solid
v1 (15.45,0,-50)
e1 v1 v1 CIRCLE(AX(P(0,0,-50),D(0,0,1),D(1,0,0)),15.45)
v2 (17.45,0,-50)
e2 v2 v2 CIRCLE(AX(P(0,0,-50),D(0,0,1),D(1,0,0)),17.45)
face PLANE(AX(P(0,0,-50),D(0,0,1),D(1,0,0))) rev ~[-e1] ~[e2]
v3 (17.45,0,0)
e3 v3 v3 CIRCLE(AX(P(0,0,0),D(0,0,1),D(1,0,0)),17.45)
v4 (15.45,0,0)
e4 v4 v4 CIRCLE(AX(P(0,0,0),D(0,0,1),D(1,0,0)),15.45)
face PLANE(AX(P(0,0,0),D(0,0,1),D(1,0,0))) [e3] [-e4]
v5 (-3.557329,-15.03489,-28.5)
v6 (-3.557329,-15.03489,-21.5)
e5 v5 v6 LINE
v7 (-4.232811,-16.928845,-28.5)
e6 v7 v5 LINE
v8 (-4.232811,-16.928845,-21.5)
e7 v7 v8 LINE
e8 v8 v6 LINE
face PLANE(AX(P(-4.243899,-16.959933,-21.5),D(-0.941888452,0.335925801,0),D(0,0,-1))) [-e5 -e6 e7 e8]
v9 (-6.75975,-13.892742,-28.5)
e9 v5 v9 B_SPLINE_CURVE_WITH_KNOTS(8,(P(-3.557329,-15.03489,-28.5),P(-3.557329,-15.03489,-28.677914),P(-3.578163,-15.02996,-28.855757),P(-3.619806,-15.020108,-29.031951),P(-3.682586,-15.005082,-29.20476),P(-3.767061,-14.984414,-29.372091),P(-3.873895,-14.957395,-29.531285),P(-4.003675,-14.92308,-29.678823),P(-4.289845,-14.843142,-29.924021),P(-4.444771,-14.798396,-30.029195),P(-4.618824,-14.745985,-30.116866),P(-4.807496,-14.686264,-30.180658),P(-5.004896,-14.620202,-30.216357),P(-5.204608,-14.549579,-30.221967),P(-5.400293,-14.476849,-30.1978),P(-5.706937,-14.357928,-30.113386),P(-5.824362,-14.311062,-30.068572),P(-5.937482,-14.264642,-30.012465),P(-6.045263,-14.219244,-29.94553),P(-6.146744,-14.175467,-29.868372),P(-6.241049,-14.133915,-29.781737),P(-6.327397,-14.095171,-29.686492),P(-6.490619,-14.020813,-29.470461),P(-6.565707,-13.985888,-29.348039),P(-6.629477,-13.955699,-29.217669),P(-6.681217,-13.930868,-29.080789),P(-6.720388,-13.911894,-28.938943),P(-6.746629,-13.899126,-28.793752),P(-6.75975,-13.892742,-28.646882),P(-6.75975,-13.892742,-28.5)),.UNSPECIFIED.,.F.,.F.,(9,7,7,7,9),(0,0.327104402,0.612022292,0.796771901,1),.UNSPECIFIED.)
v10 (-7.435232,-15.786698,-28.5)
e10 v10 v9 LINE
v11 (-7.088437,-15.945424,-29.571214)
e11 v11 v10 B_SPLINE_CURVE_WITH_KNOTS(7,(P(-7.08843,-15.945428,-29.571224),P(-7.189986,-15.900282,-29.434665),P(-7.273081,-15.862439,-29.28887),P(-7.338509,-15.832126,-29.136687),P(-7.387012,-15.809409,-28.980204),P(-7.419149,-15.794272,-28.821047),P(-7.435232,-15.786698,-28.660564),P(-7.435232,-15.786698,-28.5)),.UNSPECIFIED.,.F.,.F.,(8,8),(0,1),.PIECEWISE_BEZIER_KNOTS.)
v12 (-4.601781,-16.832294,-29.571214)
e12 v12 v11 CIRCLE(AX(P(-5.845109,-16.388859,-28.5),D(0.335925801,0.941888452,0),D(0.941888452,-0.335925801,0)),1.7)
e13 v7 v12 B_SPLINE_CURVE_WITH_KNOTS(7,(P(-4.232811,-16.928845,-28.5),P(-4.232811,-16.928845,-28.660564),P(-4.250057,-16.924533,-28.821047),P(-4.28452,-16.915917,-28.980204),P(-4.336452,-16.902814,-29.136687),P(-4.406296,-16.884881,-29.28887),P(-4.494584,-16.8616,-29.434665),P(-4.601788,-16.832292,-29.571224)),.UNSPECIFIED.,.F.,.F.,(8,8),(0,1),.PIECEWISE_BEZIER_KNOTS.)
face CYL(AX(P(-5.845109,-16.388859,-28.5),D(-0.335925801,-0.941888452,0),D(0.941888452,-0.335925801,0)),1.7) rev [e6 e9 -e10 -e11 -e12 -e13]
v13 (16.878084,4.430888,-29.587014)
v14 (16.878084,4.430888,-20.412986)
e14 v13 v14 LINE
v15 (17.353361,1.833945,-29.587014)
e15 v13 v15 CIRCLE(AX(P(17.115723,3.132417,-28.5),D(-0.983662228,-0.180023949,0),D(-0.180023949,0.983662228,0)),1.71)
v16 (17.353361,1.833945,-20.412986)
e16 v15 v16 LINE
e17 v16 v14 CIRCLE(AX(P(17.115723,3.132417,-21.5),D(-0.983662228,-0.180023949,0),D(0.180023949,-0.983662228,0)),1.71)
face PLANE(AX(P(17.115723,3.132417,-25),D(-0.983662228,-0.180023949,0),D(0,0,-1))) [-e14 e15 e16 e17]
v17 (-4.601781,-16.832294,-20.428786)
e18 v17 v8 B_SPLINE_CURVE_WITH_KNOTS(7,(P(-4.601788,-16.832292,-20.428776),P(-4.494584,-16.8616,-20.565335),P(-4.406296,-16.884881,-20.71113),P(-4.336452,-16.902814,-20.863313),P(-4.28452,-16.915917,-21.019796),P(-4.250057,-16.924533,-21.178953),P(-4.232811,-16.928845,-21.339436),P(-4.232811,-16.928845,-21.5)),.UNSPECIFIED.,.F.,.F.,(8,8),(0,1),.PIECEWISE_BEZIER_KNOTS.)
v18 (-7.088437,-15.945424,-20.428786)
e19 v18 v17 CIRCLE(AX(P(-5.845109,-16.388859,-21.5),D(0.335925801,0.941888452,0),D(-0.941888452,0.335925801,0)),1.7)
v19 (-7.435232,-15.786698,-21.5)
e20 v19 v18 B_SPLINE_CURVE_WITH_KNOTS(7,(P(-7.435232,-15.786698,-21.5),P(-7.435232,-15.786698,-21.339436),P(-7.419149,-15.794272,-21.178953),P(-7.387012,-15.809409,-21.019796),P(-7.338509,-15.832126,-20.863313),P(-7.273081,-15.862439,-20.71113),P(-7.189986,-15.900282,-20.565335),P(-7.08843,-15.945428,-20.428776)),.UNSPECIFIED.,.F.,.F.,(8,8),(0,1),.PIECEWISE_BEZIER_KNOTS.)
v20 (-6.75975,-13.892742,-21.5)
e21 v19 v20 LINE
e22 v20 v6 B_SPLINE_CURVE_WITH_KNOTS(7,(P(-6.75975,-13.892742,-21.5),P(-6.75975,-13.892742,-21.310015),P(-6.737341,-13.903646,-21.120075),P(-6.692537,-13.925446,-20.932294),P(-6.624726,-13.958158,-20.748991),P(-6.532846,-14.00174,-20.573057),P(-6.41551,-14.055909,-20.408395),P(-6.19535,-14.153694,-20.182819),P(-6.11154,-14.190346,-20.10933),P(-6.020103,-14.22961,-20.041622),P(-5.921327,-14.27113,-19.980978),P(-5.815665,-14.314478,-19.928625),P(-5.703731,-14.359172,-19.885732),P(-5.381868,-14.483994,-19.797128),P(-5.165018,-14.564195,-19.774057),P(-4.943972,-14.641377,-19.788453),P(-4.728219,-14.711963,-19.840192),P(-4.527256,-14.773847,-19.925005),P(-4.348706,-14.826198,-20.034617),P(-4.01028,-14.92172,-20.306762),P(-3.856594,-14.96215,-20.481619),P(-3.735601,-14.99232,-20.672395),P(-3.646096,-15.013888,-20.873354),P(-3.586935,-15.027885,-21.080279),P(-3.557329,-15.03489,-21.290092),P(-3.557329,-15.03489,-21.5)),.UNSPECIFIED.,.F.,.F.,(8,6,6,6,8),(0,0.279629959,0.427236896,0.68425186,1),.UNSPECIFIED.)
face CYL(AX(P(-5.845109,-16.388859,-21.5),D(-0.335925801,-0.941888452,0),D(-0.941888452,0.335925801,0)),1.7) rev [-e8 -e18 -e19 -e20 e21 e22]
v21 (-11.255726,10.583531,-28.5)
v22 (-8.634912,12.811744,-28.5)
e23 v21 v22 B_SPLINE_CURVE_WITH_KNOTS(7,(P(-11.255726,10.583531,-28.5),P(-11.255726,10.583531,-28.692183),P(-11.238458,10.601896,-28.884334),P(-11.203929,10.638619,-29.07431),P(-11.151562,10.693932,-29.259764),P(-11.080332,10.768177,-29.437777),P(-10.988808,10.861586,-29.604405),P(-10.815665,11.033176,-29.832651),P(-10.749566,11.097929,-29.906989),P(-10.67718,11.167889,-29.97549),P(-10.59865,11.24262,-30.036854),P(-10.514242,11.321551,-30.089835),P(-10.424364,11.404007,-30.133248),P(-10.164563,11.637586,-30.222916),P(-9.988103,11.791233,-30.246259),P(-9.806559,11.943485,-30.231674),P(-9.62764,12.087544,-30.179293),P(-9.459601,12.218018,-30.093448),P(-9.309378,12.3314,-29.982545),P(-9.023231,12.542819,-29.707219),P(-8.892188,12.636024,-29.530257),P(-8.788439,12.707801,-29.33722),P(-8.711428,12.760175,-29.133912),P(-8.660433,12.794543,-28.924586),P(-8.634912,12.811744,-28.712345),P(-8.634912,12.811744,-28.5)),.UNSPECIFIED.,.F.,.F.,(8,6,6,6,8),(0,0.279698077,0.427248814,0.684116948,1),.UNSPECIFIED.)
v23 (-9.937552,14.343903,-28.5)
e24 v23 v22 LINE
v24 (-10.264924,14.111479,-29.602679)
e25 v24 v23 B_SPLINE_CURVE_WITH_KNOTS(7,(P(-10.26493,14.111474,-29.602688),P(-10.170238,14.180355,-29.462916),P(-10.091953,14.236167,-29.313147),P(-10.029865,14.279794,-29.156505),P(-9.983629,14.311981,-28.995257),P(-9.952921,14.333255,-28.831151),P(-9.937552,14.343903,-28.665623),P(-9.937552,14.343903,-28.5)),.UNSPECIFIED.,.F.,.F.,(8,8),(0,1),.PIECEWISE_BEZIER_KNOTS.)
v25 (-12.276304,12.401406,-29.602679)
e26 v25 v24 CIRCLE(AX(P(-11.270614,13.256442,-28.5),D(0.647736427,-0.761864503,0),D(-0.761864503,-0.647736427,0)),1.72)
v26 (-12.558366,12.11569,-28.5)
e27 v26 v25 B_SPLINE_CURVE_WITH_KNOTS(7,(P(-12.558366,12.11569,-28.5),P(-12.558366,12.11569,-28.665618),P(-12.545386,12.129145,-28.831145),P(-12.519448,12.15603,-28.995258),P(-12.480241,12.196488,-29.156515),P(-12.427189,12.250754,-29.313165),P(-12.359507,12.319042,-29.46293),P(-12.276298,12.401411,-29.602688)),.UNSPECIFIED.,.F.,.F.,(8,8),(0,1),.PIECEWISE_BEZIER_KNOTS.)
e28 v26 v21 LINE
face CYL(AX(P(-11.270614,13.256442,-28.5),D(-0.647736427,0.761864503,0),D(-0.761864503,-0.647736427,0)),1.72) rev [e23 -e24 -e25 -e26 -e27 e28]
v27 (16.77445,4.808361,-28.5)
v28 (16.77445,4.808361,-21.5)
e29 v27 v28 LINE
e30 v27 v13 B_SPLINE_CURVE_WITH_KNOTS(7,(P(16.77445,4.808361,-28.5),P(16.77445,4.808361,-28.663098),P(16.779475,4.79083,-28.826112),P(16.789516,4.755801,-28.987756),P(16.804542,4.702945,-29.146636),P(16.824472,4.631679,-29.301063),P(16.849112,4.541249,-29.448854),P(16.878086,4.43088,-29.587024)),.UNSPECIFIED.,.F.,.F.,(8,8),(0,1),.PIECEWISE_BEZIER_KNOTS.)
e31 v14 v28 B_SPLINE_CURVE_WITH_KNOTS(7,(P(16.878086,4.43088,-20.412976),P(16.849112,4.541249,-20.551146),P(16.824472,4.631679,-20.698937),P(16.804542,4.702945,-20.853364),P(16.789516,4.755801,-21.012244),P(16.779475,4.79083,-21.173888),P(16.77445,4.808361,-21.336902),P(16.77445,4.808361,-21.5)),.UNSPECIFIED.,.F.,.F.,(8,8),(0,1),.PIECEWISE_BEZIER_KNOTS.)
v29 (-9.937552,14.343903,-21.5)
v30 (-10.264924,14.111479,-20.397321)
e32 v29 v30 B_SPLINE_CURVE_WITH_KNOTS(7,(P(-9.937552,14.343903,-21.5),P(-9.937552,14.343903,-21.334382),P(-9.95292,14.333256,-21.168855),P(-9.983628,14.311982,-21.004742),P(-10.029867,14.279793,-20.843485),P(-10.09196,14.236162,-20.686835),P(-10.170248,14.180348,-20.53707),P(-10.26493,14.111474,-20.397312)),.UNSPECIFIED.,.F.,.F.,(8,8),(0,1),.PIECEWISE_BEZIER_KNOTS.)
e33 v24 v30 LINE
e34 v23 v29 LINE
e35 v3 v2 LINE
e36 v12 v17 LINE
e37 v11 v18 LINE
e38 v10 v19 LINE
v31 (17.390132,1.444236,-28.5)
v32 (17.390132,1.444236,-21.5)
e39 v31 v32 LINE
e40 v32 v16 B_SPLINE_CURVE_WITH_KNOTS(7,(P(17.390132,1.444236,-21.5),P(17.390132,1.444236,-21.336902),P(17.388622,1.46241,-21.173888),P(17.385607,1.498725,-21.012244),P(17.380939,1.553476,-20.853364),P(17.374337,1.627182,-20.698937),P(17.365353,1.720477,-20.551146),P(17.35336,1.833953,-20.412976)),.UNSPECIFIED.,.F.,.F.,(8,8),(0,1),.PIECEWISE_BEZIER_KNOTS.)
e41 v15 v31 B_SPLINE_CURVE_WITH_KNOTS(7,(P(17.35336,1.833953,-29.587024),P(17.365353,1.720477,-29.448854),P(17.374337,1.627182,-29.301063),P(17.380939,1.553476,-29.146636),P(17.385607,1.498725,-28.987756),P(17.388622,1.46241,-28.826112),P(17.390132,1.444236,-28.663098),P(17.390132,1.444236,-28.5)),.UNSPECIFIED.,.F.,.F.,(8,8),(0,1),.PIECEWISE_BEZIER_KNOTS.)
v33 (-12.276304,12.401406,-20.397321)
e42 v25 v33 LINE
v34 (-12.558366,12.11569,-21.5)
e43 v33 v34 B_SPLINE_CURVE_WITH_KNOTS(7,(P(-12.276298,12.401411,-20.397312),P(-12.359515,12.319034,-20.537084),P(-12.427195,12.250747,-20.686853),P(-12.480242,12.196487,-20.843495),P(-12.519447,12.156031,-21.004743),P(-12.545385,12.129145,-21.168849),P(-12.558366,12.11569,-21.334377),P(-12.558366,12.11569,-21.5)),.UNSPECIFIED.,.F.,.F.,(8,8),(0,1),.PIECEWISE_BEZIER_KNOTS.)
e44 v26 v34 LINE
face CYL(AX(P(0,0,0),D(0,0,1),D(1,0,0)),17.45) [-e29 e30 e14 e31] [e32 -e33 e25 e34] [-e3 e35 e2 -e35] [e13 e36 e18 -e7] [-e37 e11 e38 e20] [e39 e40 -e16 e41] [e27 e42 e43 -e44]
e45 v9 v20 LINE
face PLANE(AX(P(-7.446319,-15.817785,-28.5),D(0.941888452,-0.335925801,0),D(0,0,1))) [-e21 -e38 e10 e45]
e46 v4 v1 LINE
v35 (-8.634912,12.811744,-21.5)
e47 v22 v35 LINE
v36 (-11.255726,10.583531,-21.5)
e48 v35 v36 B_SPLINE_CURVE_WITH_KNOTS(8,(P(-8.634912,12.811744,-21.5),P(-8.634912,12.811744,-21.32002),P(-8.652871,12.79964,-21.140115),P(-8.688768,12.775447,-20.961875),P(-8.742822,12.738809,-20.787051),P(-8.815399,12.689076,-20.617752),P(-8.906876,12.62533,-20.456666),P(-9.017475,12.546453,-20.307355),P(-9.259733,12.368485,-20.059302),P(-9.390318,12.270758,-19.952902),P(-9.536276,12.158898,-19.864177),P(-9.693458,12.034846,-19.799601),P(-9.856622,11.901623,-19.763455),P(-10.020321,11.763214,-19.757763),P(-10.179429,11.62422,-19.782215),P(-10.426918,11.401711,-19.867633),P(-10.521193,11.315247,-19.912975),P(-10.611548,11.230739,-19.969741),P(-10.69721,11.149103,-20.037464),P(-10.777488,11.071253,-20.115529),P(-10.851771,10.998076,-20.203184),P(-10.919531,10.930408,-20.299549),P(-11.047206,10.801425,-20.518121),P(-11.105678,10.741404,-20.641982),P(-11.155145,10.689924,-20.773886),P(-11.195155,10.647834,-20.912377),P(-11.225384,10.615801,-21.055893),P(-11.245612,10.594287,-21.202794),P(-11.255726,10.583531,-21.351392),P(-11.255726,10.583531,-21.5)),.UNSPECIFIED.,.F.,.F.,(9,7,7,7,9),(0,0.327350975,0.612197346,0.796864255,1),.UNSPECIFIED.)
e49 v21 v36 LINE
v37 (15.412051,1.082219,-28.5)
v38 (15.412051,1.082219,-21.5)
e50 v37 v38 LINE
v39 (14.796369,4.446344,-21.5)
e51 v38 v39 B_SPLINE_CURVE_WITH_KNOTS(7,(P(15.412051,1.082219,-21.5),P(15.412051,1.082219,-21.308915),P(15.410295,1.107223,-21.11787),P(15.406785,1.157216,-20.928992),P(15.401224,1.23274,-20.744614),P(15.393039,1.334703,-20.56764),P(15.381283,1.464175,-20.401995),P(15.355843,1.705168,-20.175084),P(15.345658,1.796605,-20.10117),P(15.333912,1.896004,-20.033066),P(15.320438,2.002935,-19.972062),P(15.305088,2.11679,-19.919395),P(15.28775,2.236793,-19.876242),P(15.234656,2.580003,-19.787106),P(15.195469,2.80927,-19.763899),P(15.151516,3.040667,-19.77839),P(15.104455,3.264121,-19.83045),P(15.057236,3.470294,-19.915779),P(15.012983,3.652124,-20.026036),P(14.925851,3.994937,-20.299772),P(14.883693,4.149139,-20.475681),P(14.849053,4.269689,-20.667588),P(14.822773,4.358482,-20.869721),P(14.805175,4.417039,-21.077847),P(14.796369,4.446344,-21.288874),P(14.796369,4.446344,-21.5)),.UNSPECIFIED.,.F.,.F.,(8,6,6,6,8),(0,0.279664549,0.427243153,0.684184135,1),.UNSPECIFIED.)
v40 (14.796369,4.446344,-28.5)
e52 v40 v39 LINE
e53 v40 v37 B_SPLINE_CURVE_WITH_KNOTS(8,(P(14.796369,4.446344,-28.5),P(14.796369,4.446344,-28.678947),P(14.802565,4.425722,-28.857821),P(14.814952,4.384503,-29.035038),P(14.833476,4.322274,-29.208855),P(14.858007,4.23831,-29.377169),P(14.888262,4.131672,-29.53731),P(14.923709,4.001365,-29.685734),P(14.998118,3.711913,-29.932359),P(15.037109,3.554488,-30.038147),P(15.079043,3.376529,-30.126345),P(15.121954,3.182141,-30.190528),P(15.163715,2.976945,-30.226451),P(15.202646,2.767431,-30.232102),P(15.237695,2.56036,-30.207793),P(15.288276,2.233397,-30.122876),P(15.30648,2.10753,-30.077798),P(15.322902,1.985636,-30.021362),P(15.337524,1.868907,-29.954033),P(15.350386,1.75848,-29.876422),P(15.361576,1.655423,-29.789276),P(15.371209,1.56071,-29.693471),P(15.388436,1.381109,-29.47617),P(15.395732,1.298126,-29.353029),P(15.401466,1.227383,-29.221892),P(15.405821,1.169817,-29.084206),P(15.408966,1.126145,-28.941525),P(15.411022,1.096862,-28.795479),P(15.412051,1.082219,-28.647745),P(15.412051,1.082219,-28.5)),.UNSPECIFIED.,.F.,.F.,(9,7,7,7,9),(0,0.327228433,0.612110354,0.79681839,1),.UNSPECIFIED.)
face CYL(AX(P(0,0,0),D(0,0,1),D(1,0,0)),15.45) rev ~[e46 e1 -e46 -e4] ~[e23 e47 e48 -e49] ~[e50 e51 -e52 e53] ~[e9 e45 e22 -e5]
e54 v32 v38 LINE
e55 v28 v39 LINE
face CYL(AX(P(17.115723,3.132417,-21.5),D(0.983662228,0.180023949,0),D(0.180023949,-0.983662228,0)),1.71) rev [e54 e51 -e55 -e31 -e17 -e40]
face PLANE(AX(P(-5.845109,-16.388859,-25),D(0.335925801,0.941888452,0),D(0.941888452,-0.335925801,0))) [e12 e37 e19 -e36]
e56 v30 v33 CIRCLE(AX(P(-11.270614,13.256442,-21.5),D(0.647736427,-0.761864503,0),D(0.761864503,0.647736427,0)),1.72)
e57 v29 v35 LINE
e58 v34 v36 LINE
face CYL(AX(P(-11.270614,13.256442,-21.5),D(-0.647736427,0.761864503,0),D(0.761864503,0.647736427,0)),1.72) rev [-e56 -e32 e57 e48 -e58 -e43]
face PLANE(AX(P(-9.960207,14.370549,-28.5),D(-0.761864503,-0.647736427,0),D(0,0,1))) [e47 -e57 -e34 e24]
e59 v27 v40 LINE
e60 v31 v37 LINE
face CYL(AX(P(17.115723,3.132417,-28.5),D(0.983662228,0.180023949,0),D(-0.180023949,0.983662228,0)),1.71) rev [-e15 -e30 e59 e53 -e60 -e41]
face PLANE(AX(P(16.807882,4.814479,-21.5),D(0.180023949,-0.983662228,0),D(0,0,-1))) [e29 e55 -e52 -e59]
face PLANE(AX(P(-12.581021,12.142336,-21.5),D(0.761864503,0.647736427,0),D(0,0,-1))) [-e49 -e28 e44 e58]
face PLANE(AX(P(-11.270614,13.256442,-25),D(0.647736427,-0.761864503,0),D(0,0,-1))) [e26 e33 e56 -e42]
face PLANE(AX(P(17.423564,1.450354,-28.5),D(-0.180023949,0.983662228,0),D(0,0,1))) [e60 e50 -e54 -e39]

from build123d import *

# Parameters (mm, degrees)
ESQUISSE1_R                  = 17.45
ESQUISSE1_R_2                = 15.45
BOSS_EXTRU_1_DEPTH           = 50
ENL_V_MAT_EXTRU_1_REACH      = 66.713
ENL_V_MAT_EXTRU_2_REACH      = 66.175
ENL_V_MAT_EXTRU_3_REACH      = 67.328
ENL_V_MAT_EXTRU_3_END_RADIUS = 15.45


with BuildPart() as part:
    # Esquisse1 → Boss.-Extru.1 (new body)
    with BuildSketch(Plane.XY):
        Circle(ESQUISSE1_R)
        Circle(ESQUISSE1_R_2, mode=Mode.SUBTRACT)
    extrude(amount=-BOSS_EXTRU_1_DEPTH)

    # Esquisse2 → Enlèv. mat.-Extru.1 (cut, up to next)
    with BuildSketch(Plane(origin=(-5.845108935, -16.388859068, 0), x_dir=(-0.9418884521644214, 0.3359258008538648, 0), z_dir=(-0.3359258008538648, -0.9418884521644214, 0)), mode=Mode.PRIVATE) as enl_v_mat_extru_1_sk1:
        with BuildLine():
            Line((1.7, 28.5), (1.7, 21.5))
            ThreePointArc((1.7, 21.5), (0, 19.8), (-1.7, 21.5))
            Line((-1.7, 21.5), (-1.7, 28.5))
            ThreePointArc((-1.7, 28.5), (0, 30.2), (1.7, 28.5))
        make_face()
    enl_v_mat_extru_1_tool1 = extrude(enl_v_mat_extru_1_sk1.sketch, amount=-ENL_V_MAT_EXTRU_1_REACH, mode=Mode.PRIVATE) & part.part
    add(enl_v_mat_extru_1_tool1.solids().sort_by_distance((-5.845109, -16.388859, -25))[0], mode=Mode.SUBTRACT)

    # Esquisse4 → Enlèv. mat.-Extru.2 (cut, up to next)
    with BuildSketch(Plane(origin=(17.115722759, 3.132416708, 0), x_dir=(0, 0, 1), z_dir=(0.9836622275325246, 0.18002394875613614, 0)), mode=Mode.PRIVATE) as enl_v_mat_extru_2_sk1:
        with BuildLine():
            Line((-28.5, 1.71), (-21.5, 1.71))
            ThreePointArc((-21.5, 1.71), (-19.79, 0), (-21.5, -1.71))
            Line((-21.5, -1.71), (-28.5, -1.71))
            ThreePointArc((-28.5, -1.71), (-30.21, 0), (-28.5, 1.71))
        make_face()
    enl_v_mat_extru_2_tool1 = extrude(enl_v_mat_extru_2_sk1.sketch, amount=-ENL_V_MAT_EXTRU_2_REACH, mode=Mode.PRIVATE) & part.part
    add(enl_v_mat_extru_2_tool1.solids().sort_by_distance((17.115723, 3.132417, -25))[0], mode=Mode.SUBTRACT)

    # Enlèv. mat.-Extru.3: up to this cylinder (the profile starts outside it)
    enl_v_mat_extru_3_end = Plane(origin=(0, 0, -25), z_dir=(0, 0, 1)) * Cylinder(ENL_V_MAT_EXTRU_3_END_RADIUS, 166.556, mode=Mode.PRIVATE)
    # Esquisse5 → Enlèv. mat.-Extru.3 (cut, up to the surface)
    with BuildSketch(Plane(origin=(-11.270613824, 13.256442359, 0), x_dir=(0, 0, 1), z_dir=(-0.6477364266786677, 0.761864503408284, 0)), mode=Mode.PRIVATE) as enl_v_mat_extru_3_sk1:
        with BuildLine():
            Line((-28.5, 1.72), (-21.5, 1.72))
            ThreePointArc((-21.5, 1.72), (-19.78, 0), (-21.5, -1.72))
            Line((-21.5, -1.72), (-28.5, -1.72))
            ThreePointArc((-28.5, -1.72), (-30.22, 0), (-28.5, 1.72))
        make_face()
    enl_v_mat_extru_3_tool1 = extrude(enl_v_mat_extru_3_sk1.sketch, amount=-ENL_V_MAT_EXTRU_3_REACH, mode=Mode.PRIVATE) - enl_v_mat_extru_3_end
    add(enl_v_mat_extru_3_tool1.solids().sort_by_distance((-11.270614, 13.256442, -25))[0], mode=Mode.SUBTRACT)


solid = part.part
